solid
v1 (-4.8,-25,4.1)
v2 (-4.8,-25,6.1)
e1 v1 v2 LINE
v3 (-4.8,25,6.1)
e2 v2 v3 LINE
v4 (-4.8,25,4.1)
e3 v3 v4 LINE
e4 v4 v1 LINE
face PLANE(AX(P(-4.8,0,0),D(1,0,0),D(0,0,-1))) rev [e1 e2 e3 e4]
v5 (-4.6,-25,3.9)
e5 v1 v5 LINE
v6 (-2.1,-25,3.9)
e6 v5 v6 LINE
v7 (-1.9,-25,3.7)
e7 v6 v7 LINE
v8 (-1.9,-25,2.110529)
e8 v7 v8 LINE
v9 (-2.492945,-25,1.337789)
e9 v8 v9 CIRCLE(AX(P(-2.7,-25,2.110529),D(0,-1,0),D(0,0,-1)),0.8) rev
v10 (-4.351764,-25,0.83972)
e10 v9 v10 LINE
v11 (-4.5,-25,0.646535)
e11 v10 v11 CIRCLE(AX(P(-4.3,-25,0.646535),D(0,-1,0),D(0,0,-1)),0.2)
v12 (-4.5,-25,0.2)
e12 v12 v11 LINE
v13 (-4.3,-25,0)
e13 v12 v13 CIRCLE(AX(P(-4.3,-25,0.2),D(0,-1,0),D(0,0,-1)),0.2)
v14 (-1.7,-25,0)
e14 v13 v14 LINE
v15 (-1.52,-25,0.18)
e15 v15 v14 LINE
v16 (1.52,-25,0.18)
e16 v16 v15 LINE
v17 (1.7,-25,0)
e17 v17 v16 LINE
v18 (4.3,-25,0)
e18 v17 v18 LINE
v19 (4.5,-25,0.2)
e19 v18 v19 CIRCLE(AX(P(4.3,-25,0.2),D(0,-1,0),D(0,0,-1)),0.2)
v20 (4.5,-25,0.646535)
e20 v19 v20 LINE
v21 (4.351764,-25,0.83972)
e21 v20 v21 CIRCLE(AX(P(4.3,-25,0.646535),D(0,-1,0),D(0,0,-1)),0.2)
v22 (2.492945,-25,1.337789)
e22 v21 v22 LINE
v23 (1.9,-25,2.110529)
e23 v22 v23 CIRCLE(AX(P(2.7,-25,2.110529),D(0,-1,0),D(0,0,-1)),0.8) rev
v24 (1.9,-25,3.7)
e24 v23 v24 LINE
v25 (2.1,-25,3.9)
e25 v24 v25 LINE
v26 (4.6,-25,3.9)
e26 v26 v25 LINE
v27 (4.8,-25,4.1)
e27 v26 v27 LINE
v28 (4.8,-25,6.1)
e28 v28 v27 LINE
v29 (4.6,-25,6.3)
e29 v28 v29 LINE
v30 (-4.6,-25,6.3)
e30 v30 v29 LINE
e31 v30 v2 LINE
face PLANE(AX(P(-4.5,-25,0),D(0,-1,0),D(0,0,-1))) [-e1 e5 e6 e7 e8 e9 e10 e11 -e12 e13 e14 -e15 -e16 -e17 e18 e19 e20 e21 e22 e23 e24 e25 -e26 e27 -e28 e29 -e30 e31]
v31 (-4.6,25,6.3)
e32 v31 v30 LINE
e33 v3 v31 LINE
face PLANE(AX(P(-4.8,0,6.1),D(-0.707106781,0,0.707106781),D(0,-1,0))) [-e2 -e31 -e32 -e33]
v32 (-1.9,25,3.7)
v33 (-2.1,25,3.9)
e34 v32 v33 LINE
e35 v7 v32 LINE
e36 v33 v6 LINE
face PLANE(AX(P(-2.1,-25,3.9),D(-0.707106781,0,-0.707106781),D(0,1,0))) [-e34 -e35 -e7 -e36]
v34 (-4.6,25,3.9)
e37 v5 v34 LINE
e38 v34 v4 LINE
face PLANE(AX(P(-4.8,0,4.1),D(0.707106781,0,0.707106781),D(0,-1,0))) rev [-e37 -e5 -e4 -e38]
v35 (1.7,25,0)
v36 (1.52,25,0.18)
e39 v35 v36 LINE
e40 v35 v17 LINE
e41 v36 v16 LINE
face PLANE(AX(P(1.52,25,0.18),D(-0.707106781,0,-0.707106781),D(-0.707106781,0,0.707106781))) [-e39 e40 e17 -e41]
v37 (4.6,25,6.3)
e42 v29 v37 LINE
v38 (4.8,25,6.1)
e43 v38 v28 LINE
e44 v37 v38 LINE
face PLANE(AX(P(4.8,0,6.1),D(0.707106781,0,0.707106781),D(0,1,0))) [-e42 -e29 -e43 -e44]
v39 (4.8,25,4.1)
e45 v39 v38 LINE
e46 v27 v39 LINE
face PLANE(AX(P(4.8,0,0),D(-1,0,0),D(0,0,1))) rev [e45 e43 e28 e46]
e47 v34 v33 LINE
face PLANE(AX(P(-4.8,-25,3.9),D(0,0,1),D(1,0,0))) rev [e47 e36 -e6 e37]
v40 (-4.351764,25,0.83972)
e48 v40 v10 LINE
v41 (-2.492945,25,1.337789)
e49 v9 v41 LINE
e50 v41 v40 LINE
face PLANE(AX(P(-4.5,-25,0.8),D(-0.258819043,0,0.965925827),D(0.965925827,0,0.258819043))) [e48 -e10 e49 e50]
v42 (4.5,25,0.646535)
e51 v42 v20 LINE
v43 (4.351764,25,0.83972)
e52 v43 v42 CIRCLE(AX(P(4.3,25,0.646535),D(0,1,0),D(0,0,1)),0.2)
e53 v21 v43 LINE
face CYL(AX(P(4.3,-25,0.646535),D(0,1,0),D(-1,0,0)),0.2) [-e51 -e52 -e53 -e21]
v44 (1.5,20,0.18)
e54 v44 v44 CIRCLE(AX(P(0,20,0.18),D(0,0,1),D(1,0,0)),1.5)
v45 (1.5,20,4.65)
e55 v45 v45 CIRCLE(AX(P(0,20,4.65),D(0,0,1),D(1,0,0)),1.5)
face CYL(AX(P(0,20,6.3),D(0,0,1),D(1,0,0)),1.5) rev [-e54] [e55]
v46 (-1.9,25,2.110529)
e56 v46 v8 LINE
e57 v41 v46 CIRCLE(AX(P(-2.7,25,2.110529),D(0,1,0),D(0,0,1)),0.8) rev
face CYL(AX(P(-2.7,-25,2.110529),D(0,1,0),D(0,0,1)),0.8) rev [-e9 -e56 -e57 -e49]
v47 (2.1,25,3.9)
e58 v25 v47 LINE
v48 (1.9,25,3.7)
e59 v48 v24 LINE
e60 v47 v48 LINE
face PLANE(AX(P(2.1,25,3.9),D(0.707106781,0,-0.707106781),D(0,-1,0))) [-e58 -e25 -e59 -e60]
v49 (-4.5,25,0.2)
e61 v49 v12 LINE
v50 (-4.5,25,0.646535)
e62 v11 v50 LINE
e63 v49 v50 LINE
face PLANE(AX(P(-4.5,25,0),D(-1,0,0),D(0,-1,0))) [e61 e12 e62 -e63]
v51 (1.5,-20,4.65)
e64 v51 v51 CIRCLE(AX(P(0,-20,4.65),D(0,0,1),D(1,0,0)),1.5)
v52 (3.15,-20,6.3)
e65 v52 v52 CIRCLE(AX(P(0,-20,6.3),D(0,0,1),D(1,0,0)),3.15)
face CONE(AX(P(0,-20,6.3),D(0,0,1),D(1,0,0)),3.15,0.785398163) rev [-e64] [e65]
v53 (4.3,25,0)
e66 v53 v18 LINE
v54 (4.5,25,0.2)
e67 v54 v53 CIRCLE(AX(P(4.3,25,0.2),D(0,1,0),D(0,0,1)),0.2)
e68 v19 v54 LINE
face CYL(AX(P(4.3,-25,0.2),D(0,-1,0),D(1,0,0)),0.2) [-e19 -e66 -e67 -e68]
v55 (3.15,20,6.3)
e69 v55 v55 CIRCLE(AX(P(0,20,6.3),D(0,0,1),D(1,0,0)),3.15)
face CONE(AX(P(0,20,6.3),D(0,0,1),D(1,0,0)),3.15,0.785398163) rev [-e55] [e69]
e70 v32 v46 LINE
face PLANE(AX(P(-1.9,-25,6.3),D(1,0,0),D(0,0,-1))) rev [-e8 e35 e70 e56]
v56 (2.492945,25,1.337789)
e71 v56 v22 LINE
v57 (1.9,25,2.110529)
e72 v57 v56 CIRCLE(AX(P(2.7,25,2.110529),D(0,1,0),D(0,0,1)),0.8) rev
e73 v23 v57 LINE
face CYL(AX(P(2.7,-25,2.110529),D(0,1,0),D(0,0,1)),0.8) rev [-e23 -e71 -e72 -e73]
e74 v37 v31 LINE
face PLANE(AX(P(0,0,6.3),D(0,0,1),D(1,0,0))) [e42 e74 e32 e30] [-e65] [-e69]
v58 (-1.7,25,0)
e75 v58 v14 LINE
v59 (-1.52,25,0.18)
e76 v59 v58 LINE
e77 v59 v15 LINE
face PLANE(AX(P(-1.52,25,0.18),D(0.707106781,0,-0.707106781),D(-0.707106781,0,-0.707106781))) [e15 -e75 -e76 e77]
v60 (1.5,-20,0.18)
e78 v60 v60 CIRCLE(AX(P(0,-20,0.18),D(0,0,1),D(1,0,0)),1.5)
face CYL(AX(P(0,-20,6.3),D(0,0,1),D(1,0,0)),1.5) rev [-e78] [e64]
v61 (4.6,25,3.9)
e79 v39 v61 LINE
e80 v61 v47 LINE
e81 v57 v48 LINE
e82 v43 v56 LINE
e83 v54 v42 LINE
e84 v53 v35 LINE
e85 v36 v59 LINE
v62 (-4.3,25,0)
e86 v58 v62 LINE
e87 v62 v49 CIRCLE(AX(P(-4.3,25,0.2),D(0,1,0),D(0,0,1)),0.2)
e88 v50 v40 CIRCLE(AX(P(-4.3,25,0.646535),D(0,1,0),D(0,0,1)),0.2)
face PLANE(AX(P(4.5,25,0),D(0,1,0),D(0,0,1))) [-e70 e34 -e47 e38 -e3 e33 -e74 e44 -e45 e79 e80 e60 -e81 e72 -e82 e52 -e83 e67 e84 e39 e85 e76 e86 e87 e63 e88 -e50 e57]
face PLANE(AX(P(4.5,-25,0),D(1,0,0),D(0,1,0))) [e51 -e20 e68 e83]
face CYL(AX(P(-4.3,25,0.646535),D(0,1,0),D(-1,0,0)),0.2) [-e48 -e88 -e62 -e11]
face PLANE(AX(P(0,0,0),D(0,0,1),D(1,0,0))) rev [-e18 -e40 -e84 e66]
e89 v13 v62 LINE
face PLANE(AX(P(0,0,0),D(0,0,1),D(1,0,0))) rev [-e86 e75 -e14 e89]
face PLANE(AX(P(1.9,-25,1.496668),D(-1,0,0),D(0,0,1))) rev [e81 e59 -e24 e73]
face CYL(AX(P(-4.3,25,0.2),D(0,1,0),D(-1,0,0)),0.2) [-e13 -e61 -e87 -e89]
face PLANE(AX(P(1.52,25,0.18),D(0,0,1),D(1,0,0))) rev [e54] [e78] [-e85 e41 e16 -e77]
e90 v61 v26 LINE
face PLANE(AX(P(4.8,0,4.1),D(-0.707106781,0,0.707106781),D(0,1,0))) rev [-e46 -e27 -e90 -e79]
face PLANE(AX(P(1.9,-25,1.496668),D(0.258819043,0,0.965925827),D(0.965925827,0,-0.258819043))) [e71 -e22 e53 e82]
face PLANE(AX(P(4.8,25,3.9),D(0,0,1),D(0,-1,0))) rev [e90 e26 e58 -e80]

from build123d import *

# Parameters (mm, degrees)
ESQUISSE1_W                                    = 9
ESQUISSE1_H                                    = 50
BOSS_EXTRU_1_DEPTH                             = 6.3
ESQUISSE2_W                                    = 2.6
ESQUISSE2_H                                    = 5.499999997
ENL_V_MAT_EXTRU_1_DEPTH                        = 51.595849632
ESQUISSE3_W                                    = 2.4
ESQUISSE3_H                                    = 50
BOSS_EXTRU_2_DEPTH                             = 2.9
ESQUISSE4_W                                    = 2.6
ESQUISSE4_H                                    = 4.803332101
ENL_V_MAT_EXTRU_2_DEPTH                        = 51.623413555
ESQUISSE5_W                                    = 2.4
ESQUISSE5_H                                    = 50
BOSS_EXTRU_3_DEPTH                             = 2.9
ESQUISSE6_W                                    = 3.04
ESQUISSE6_H                                    = 0.18
ENL_V_MAT_EXTRU_3_DEPTH                        = 51.623413555
D_POUILLE1_ANGLE                               = 14.999999904
D_POUILLE2_ANGLE                               = 14.999999904
D_POUILLE3_ANGLE                               = 45
FRAISAGE_POUR_VIS_T_TE_FRAIS_E_M31_D           = 3
FRAISAGE_POUR_VIS_T_TE_FRAIS_E_M31_CSINK_D     = 6.3
FRAISAGE_POUR_VIS_T_TE_FRAIS_E_M31_CSINK_ANGLE = 90
CHANFREIN1_SIZE                                = 0.2
CONG_1_R                                       = 0.2
CONG_2_R                                       = 0.8


with BuildPart() as part:
    # Esquisse1 → Boss.-Extru.1 (new body)
    with BuildSketch(Plane.XY.offset(6.3)):
        Rectangle(ESQUISSE1_W, ESQUISSE1_H)
    extrude(amount=-BOSS_EXTRU_1_DEPTH)

    # Esquisse2 → Enlèv. mat.-Extru.1 (cut, through all)
    with BuildSketch(Plane(origin=(0, 25, 0), x_dir=(-1, 0, 0), z_dir=(0, 1, 0))):
        with Locations((3.2, 3.550000002)):
            Rectangle(ESQUISSE2_W, ESQUISSE2_H)
    extrude(amount=-ENL_V_MAT_EXTRU_1_DEPTH, mode=Mode.SUBTRACT)

    # Esquisse3 → Boss.-Extru.2 (add)
    with BuildSketch(Plane.ZY.offset(1.9)):
        with Locations((5.1, 0)):
            Rectangle(ESQUISSE3_W, ESQUISSE3_H)
    extrude(amount=BOSS_EXTRU_2_DEPTH)

    # Esquisse4 → Enlèv. mat.-Extru.2 (cut, through all)
    with BuildSketch(Plane(origin=(0, 25, 0), x_dir=(-1, 0, 0), z_dir=(0, 1, 0))):
        with Locations((-3.2, 3.89833395)):
            Rectangle(ESQUISSE4_W, ESQUISSE4_H)
    extrude(amount=-ENL_V_MAT_EXTRU_2_DEPTH, mode=Mode.SUBTRACT)

    # Esquisse5 → Boss.-Extru.3 (add)
    with BuildSketch(Plane(origin=(1.9, 0, 0), x_dir=(0, 0, -1), z_dir=(1, 0, 0))):
        with Locations((-5.1, 0)):
            Rectangle(ESQUISSE5_W, ESQUISSE5_H)
    extrude(amount=BOSS_EXTRU_3_DEPTH)

    # Esquisse6 → Enlèv. mat.-Extru.3 (cut, through all)
    with BuildSketch(Plane.XZ.offset(25)):
        with Locations((0, 0.09)):
            Rectangle(ESQUISSE6_W, ESQUISSE6_H)
    extrude(amount=-ENL_V_MAT_EXTRU_3_DEPTH, mode=Mode.SUBTRACT)

    # Dépouille1
    d_pouille1_faces = [part.faces().sort_by_distance(p)[0] for p in [
        (-3.2, 0, 0.800000003),
    ]]
    draft(d_pouille1_faces, Plane(origin=(-4.5, 25, 0), x_dir=(0, -1, 0), z_dir=(-1, 0, 0)), D_POUILLE1_ANGLE)

    # Dépouille2
    d_pouille2_faces = [part.faces().sort_by_distance(p)[0] for p in [
        (3.2, 0, 1.496667899),
    ]]
    draft(d_pouille2_faces, Plane(origin=(1.9, -25, 1.496667899), x_dir=(0, 0, 1), z_dir=(1, 0, 0)), D_POUILLE2_ANGLE)

    # Dépouille3
    d_pouille3_faces = [part.faces().sort_by_distance(p)[0] for p in [
        (-1.52, 0, 0.09),
        (1.52, 0, 0.09),
    ]]
    draft(d_pouille3_faces, Plane(origin=(1.52, 25, 0.18), x_dir=(-1, 0, 0), z_dir=(0, 0, -1)), D_POUILLE3_ANGLE)

    # Fraisage pour vis à tête fraisée M31 (through all)
    with Locations(Plane.XY.offset(6.3)):
        with Locations((0, 20), (0, -20)):
            CounterSinkHole(FRAISAGE_POUR_VIS_T_TE_FRAIS_E_M31_D / 2, FRAISAGE_POUR_VIS_T_TE_FRAIS_E_M31_CSINK_D / 2, counter_sink_angle=FRAISAGE_POUR_VIS_T_TE_FRAIS_E_M31_CSINK_ANGLE)

    # Chanfrein1
    chanfrein1_edges = [part.edges().sort_by_distance(p)[0] for p in [
        (-1.9, 0, 3.9),
        (-4.8, 0, 6.3),
        (-4.8, 0, 3.9),
        (1.9, 0, 3.9),
        (4.8, 0, 3.9),
        (4.8, 0, 6.3),
    ]]
    chamfer(chanfrein1_edges, length=CHANFREIN1_SIZE)

    # Congé1
    cong_1_edges = [part.edges().sort_by_distance(p)[0] for p in [
        (-4.5, 0, 0),
        (-4.5, 0, 0.800000003),
        (4.5, 0, 0),
        (4.5, 0, 0.800000003),
    ]]
    fillet(cong_1_edges, radius=CONG_1_R)

    # Congé2
    cong_2_edges = [part.edges().sort_by_distance(p)[0] for p in [
        (-1.9, 0, 1.496667899),
        (1.9, 0, 1.496667899),
    ]]
    fillet(cong_2_edges, radius=CONG_2_R)


solid = part.part
